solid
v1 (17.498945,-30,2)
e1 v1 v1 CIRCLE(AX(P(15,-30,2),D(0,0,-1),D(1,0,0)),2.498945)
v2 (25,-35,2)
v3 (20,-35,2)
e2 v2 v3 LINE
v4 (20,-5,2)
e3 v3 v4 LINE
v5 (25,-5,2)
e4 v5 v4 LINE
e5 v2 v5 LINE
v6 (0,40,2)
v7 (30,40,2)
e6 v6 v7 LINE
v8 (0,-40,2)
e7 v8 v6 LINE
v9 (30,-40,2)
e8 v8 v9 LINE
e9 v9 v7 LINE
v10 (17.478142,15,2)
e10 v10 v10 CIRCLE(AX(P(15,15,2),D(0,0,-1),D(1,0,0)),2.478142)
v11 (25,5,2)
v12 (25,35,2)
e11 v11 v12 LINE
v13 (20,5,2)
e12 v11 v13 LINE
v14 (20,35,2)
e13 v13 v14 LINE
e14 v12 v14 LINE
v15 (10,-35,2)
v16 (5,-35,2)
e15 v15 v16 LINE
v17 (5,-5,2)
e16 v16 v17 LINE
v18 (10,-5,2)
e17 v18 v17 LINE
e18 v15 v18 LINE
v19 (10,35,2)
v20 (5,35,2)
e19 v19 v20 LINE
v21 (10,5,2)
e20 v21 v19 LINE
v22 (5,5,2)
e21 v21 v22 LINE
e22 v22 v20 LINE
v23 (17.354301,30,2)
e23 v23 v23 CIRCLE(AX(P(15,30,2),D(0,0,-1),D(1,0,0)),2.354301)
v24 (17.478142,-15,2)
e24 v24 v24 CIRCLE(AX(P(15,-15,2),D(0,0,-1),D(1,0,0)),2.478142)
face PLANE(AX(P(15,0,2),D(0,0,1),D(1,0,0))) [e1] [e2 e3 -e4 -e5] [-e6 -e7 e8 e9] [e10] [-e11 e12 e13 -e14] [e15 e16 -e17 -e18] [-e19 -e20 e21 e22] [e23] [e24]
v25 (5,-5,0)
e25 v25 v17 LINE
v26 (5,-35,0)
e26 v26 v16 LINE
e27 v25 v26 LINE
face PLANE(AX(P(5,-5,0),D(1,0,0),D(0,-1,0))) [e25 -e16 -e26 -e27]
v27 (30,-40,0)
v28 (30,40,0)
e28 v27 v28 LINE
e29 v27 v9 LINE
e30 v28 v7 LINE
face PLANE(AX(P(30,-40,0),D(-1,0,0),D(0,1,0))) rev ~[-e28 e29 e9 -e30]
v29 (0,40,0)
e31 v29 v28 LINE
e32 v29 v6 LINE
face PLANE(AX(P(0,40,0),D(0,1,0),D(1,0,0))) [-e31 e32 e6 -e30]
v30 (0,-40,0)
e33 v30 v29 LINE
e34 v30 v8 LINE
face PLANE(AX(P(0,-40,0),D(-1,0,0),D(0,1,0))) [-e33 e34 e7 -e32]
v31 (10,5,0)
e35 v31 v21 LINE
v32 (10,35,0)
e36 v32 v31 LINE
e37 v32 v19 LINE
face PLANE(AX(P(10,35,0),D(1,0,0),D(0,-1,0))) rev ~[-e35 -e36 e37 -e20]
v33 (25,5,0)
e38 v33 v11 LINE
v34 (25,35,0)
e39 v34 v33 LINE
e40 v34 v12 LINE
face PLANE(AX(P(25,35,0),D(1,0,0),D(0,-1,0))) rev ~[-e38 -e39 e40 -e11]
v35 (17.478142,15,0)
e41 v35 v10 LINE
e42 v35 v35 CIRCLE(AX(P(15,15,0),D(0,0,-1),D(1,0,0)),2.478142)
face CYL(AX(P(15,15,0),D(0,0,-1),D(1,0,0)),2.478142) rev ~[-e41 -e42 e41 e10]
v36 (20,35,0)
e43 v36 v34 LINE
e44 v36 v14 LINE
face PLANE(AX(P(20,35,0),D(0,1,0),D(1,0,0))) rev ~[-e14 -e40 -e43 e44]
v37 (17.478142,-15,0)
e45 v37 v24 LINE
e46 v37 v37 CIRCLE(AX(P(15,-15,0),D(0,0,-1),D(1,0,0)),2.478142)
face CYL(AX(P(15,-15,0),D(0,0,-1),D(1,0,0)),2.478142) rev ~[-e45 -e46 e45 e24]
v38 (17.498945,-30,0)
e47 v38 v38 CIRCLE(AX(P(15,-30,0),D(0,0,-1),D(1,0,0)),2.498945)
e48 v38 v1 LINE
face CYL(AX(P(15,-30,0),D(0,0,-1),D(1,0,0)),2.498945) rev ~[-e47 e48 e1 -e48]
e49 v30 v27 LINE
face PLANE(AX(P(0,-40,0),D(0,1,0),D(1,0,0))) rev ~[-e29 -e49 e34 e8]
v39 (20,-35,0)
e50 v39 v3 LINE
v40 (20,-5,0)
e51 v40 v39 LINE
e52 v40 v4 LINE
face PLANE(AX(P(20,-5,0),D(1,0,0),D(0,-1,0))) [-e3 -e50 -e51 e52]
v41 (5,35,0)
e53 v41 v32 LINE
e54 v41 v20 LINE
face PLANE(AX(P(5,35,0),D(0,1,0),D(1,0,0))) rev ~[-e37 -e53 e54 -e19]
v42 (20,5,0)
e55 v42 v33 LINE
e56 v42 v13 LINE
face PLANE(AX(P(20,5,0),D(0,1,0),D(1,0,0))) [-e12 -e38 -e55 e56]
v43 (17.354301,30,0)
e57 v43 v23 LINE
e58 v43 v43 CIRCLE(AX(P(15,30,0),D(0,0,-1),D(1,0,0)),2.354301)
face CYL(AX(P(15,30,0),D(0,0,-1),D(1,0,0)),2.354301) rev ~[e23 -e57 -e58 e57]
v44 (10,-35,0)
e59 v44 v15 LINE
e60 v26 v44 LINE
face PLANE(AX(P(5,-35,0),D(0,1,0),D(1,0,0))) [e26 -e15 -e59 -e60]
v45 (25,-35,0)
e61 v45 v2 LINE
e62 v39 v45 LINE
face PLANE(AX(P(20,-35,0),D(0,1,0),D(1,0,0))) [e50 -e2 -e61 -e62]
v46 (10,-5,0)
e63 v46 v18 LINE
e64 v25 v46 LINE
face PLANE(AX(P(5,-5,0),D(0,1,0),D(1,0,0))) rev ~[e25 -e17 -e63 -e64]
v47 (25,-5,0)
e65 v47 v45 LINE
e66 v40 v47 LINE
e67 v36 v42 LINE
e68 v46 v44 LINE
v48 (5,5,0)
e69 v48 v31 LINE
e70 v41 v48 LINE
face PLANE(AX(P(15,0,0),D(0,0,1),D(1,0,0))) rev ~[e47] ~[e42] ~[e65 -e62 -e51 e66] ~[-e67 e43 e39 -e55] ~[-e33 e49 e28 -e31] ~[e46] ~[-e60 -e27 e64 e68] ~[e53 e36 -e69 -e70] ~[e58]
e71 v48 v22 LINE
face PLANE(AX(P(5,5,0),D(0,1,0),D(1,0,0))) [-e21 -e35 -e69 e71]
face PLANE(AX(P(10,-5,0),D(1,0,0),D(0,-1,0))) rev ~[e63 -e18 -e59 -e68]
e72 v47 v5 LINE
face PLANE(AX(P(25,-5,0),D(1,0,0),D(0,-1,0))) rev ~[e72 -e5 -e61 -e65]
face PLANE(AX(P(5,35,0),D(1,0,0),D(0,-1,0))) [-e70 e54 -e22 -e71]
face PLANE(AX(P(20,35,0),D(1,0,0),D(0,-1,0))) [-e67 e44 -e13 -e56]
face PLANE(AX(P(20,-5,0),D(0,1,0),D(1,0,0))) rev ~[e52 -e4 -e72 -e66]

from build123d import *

# Parameters (mm, degrees)
SKETCH_W      = 30
SKETCH_H      = 80
PAD_DEPTH     = 2
SKETCH001_R   = 2.354301
SKETCH001_R_2 = 2.478142
SKETCH001_R_3 = 2.498945
SKETCH001_W   = 5
SKETCH001_H   = 30
POCKET_DEPTH  = 5


with BuildPart() as part:
    # Sketch → Pad (new body)
    with BuildSketch(Plane.XY):
        with Locations((15, 0)):
            Rectangle(SKETCH_W, SKETCH_H)
    extrude(amount=PAD_DEPTH)

    # Sketch001 (on Face5 of Pad) → Pocket (cut)
    with BuildSketch(Plane(origin=(0, 0, 0), x_dir=(1, 0, 0), z_dir=(0, 0, -1))):
        with Locations((15, -30)):
            Circle(SKETCH001_R)
        with Locations((15, -15)):
            Circle(SKETCH001_R_2)
        with Locations((15, 15)):
            Circle(SKETCH001_R_2)
        with Locations((15, 30)):
            Circle(SKETCH001_R_3)
        with Locations((7.5, 20)):
            Rectangle(SKETCH001_W, SKETCH001_H)
        with Locations((22.5, 20)):
            Rectangle(SKETCH001_W, SKETCH001_H)
        with Locations((7.5, -20)):
            Rectangle(SKETCH001_W, SKETCH001_H)
        with Locations((22.5, -20)):
            Rectangle(SKETCH001_W, SKETCH001_H)
    extrude(amount=-POCKET_DEPTH, mode=Mode.SUBTRACT)


solid = part.part
